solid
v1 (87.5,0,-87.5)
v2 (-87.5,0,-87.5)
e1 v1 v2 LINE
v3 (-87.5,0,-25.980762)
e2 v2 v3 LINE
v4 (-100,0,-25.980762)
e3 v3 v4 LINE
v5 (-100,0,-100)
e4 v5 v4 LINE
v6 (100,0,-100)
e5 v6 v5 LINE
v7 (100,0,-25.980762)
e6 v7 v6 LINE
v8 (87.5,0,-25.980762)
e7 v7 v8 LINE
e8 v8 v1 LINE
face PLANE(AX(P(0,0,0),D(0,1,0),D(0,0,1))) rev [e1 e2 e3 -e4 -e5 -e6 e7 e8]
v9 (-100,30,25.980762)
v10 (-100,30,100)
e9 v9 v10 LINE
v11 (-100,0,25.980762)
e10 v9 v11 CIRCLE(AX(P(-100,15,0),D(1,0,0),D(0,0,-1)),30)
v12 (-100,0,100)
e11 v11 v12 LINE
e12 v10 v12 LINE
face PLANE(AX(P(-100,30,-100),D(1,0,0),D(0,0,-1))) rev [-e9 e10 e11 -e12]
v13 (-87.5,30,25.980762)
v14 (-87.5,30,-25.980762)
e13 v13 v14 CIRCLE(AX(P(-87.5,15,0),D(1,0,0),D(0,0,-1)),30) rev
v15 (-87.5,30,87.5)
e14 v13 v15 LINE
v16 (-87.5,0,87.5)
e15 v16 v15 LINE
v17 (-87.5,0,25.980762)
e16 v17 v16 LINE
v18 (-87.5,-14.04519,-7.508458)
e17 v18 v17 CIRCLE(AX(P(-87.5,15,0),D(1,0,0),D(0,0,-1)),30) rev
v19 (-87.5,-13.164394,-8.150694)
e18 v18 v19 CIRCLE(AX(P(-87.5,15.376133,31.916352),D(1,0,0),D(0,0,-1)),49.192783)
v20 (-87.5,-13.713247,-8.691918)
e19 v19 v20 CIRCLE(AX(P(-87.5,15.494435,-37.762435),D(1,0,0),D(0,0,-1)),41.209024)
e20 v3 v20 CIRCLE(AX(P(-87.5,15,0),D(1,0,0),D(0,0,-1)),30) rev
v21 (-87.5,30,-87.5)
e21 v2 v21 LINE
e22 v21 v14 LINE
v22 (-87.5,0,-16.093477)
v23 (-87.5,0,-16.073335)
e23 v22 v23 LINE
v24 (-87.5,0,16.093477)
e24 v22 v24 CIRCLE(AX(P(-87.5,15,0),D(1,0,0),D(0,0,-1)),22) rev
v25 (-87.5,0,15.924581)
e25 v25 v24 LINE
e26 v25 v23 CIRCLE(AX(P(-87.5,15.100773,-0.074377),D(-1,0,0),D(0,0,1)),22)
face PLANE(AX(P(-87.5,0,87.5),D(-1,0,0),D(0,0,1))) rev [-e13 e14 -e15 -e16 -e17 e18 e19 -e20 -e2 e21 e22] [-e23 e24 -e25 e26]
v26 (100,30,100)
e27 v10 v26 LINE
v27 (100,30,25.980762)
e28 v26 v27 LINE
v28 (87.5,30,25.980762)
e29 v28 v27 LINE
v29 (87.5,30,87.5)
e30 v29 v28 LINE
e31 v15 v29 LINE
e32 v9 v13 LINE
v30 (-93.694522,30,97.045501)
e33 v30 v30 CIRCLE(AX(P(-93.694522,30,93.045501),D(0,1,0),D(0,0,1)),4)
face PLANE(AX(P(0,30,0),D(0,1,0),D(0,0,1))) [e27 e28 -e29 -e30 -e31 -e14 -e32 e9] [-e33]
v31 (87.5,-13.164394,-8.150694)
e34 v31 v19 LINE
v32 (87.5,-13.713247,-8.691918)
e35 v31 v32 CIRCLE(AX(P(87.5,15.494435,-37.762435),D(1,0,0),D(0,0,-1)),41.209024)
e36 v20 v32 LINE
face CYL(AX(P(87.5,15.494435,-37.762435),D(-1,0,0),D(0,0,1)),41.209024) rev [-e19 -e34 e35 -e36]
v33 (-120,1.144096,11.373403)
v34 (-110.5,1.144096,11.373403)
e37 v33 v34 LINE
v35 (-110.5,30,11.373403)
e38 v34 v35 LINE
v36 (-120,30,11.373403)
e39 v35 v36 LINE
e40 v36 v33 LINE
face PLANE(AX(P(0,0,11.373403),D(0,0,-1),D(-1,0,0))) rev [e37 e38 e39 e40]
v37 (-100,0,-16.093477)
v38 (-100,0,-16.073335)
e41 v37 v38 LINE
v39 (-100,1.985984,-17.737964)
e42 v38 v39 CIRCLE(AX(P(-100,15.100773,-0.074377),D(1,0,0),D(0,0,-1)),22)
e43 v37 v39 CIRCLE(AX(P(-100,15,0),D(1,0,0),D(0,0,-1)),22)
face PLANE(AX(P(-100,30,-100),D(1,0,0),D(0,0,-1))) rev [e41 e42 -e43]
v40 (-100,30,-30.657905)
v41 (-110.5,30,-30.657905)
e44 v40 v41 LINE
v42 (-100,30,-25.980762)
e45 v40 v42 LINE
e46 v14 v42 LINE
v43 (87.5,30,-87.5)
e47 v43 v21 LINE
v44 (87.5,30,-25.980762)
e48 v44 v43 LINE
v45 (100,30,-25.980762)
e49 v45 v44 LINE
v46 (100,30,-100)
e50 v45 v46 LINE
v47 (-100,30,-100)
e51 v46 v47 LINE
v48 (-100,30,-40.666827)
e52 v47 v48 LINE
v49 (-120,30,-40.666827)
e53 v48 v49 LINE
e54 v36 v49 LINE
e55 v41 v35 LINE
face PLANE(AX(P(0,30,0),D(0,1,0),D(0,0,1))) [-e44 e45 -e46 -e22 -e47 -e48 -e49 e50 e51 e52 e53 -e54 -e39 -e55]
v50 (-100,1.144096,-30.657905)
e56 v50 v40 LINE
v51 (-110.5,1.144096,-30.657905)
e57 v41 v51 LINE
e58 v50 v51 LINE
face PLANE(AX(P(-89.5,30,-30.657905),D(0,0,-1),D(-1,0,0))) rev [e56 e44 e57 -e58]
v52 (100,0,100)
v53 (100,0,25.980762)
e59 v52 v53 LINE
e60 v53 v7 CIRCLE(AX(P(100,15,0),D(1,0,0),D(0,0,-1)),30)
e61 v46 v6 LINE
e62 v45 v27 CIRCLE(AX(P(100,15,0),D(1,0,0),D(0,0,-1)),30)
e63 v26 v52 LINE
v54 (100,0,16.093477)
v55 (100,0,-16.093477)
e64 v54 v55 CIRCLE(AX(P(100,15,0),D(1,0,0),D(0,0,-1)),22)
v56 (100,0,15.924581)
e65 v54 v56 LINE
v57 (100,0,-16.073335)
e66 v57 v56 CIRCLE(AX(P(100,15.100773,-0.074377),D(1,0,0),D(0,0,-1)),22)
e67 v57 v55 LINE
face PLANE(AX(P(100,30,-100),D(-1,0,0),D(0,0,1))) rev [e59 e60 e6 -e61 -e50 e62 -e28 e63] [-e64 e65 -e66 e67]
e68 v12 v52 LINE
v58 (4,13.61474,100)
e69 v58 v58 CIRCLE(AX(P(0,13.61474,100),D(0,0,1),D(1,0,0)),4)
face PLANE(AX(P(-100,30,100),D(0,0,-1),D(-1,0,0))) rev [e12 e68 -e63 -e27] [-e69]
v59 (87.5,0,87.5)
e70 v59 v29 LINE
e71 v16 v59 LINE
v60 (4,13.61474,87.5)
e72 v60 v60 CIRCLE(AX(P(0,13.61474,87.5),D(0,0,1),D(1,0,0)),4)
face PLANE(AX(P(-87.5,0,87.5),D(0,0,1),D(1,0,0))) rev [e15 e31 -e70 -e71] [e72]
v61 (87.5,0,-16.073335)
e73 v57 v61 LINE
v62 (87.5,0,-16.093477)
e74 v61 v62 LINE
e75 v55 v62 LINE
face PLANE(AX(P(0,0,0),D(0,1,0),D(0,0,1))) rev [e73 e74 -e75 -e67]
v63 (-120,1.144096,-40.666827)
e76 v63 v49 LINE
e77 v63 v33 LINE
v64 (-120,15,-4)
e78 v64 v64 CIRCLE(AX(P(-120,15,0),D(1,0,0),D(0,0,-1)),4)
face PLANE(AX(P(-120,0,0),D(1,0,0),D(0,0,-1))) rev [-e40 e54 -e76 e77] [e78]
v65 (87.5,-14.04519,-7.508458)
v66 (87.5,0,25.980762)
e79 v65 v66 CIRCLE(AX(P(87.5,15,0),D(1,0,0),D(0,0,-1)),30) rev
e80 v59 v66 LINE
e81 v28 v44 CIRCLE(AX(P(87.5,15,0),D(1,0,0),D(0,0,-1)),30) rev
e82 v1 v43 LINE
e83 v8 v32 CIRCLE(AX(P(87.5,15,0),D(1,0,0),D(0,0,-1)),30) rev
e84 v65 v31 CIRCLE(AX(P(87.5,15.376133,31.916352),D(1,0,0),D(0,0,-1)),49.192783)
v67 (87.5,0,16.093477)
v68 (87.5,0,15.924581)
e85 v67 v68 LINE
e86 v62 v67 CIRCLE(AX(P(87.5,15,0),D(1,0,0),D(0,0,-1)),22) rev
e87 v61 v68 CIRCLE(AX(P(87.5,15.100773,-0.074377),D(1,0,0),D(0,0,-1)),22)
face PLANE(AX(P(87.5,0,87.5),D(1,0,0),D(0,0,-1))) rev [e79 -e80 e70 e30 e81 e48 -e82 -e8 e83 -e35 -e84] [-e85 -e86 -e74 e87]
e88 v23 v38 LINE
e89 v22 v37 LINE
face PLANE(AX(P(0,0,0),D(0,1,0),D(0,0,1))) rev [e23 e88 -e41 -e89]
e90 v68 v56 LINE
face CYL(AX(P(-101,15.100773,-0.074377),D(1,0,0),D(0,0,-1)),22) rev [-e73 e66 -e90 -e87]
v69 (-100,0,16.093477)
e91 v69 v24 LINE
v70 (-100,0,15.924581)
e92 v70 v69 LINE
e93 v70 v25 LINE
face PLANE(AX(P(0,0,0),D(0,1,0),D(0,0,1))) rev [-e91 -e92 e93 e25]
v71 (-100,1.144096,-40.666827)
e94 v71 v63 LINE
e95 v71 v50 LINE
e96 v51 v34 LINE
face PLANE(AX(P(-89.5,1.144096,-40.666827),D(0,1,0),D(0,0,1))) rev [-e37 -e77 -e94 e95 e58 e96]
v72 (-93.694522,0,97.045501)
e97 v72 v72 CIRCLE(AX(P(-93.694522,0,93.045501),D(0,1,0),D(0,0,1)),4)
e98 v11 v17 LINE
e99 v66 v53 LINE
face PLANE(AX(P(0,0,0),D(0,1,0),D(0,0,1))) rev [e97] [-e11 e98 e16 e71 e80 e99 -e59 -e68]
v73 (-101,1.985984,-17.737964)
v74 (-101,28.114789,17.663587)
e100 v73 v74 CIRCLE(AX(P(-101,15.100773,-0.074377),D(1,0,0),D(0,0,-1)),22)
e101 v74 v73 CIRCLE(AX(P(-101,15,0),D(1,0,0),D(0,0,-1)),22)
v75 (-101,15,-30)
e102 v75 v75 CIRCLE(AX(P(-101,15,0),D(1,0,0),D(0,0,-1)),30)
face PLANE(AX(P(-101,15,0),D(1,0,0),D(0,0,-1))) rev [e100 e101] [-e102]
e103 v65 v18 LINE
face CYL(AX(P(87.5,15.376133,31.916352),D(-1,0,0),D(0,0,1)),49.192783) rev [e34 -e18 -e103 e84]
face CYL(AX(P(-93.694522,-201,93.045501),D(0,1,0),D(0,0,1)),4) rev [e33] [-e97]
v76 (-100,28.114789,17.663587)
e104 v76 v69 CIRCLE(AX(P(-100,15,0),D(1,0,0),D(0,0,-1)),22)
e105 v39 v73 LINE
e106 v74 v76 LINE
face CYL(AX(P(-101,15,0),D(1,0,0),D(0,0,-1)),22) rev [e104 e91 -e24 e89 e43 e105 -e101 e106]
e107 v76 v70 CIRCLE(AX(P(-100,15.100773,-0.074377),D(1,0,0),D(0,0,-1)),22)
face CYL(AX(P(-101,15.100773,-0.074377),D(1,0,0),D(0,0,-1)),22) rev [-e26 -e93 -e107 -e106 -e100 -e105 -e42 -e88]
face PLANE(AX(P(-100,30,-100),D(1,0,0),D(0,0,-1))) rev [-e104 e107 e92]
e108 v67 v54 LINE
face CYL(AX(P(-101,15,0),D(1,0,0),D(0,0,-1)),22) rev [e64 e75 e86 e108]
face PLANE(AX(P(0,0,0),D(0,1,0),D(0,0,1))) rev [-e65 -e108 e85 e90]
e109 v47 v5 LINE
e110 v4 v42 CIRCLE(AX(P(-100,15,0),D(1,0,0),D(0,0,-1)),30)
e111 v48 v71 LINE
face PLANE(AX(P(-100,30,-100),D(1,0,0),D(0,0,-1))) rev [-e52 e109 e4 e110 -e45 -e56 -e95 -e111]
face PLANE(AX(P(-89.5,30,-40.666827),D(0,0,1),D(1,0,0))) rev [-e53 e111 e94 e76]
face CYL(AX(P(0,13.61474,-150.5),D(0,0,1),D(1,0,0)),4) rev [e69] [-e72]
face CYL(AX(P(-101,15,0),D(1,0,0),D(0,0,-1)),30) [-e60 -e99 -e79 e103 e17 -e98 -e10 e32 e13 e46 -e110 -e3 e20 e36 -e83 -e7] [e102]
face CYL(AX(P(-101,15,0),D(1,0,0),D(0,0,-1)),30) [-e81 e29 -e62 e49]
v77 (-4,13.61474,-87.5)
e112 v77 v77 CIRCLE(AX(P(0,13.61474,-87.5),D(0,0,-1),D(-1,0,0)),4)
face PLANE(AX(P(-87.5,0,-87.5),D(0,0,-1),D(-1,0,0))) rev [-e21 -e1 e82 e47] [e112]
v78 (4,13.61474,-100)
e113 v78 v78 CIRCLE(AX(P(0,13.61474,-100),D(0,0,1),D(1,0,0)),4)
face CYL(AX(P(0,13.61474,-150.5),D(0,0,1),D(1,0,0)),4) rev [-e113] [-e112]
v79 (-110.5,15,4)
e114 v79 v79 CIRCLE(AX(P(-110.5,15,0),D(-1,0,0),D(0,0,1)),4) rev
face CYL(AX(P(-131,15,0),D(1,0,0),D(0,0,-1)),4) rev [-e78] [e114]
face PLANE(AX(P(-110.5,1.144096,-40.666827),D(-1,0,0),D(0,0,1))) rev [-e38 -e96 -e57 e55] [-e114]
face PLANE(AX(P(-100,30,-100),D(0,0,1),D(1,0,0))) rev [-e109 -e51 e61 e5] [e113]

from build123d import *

# Parameters (mm, degrees)
SKETCH1_W           = 200
SKETCH1_H           = 200
BOSS_EXTRUDE1_DEPTH = 30
SKETCH4_W           = 175
SKETCH4_H           = 175
CUT_EXTRUDE1_DEPTH  = 30
SKETCH7_R           = 4
CUT_EXTRUDE2_DEPTH  = 210
SKETCH10_W          = 6.040230253
SKETCH10_H          = 30
BOSS_EXTRUDE2_DEPTH = 20
SKETCH11_W          = 10
SKETCH11_H          = 30
BOSS_EXTRUDE3_DEPTH = 20
CUT_EXTRUDE3_START  = -231
SKETCH12_R          = 4
CUT_EXTRUDE3_DEPTH  = 231
SKETCH13_R          = 4
CUT_EXTRUDE5_DEPTH  = 231
SKETCH14_R          = 4
CUT_EXTRUDE6_DEPTH  = 250.5
SKETCH15_R          = 30
SKETCH15_R_2        = 22
BOSS_EXTRUDE5_DEPTH = 201
SKETCH17_R          = 22
CUT_EXTRUDE7_DEPTH  = 201
SKETCH21_W          = 9.5
SKETCH21_H          = 28.855904386
BOSS_EXTRUDE6_DEPTH = 26
SKETCH22_W          = 9.5
SKETCH22_H          = 6.040230253
CUT_EXTRUDE10_DEPTH = 49
SKETCH23_W          = 10.008922512
SKETCH23_H          = 28.855904386
BOSS_EXTRUDE7_DEPTH = 21
SKETCH24_W          = 9.5
SKETCH24_H          = 1.144095614
CUT_EXTRUDE11_DEPTH = 27
SKETCH26_W          = 0.50137975
SKETCH26_H          = 20.893624798
CUT_EXTRUDE12_DEPTH = 35
SKETCH27_R          = 49.192783102
CUT_EXTRUDE13_DEPTH = 175
SKETCH28_R          = 41.209023923
CUT_EXTRUDE14_DEPTH = 175


with BuildPart() as part:
    # Sketch1 → Boss-Extrude1 (new body)
    with BuildSketch(Plane(origin=(0, 0, 0), x_dir=(1, 0, 0), z_dir=(0, 1, 0))):
        Rectangle(SKETCH1_W, SKETCH1_H)
    extrude(amount=BOSS_EXTRUDE1_DEPTH)

    # Sketch4 → Cut-Extrude1 (cut)
    with BuildSketch(Plane(origin=(0, 30, 0), x_dir=(1, 0, 0), z_dir=(0, 1, 0))):
        Rectangle(SKETCH4_W, SKETCH4_H)
    extrude(amount=-CUT_EXTRUDE1_DEPTH, mode=Mode.SUBTRACT)

    # Sketch7 → Cut-Extrude2 (cut)
    with BuildSketch(Plane.ZY.offset(100)):
        with Locations((0, 15)):
            Circle(SKETCH7_R)
    extrude(amount=-CUT_EXTRUDE2_DEPTH, mode=Mode.SUBTRACT)

    # Sketch10 → Boss-Extrude2 (add)
    with BuildSketch(Plane.ZY.offset(100)):
        with Locations((-11.64671233, 15)):
            Rectangle(SKETCH10_W, SKETCH10_H)
    extrude(amount=BOSS_EXTRUDE2_DEPTH)

    # Sketch11 → Boss-Extrude3 (add)
    with BuildSketch(Plane.XY.offset(-8.626597203)):
        with Locations((-115, 15)):
            Rectangle(SKETCH11_W, SKETCH11_H)
    extrude(amount=BOSS_EXTRUDE3_DEPTH)

    # Sketch12 → Cut-Extrude3 (cut)
    with BuildSketch(Plane(origin=(100, 0, 0), x_dir=(0, 0, -1), z_dir=(1, 0, 0)).offset(CUT_EXTRUDE3_START)):
        with Locations(Location((0, 15, 0), (0, 0, 180))):
            Circle(SKETCH12_R)
    extrude(amount=CUT_EXTRUDE3_DEPTH, mode=Mode.SUBTRACT)

    # Sketch13 → Cut-Extrude5 (cut)
    with BuildSketch(Plane(origin=(0, 30, 0), x_dir=(1, 0, 0), z_dir=(0, 1, 0))):
        with Locations(Location((-93.69452155, -93.045501349, 0), (0, 0, 270))):
            Circle(SKETCH13_R)
    extrude(amount=-CUT_EXTRUDE5_DEPTH, mode=Mode.SUBTRACT)

    # Sketch14 → Cut-Extrude6 (cut)
    with BuildSketch(Plane.XY.offset(100)):
        with Locations((0, 13.614739596)):
            Circle(SKETCH14_R)
    extrude(amount=-CUT_EXTRUDE6_DEPTH, mode=Mode.SUBTRACT)

    # Sketch15 → Boss-Extrude5 (add)
    with BuildSketch(Plane(origin=(100, 0, 0), x_dir=(0, 0, -1), z_dir=(1, 0, 0))):
        with Locations((0, 15)):
            Circle(SKETCH15_R)
        with Locations((0, 15)):
            Circle(SKETCH15_R_2, mode=Mode.SUBTRACT)
    extrude(amount=-BOSS_EXTRUDE5_DEPTH)

    # Sketch17 → Cut-Extrude7 (cut)
    with BuildSketch(Plane(origin=(100, 0, 0), x_dir=(0, 0, -1), z_dir=(1, 0, 0))):
        with Locations((0.074377339, 15.100772812)):
            Circle(SKETCH17_R)
    extrude(amount=-CUT_EXTRUDE7_DEPTH, mode=Mode.SUBTRACT)


with BuildPart() as cut_extrude7_piece_1:
    # of the separate pieces the step leaves, piece 1, a body of its own (cut_extrude7_pieces)
    add(part.part.solids().sort_by_distance((-100, 0, -100))[0])



with BuildPart() as cut_extrude7_piece_2:
    # of the separate pieces the step leaves, piece 2, a body of its own (cut_extrude7_pieces)
    add(part.part.solids().sort_by_distance((-101, 0, -14.666827456))[0])

    # Sketch21 → Boss-Extrude6 (add)
    with BuildSketch(Plane(origin=(0, 0, -14.666827456), x_dir=(-1, 0, 0), z_dir=(0, 0, -1))):
        with Locations((115.25, 15.572047807)):
            Rectangle(SKETCH21_W, SKETCH21_H)
    extrude(amount=BOSS_EXTRUDE6_DEPTH)

    # Sketch22 → Cut-Extrude10 (cut)
    with BuildSketch(Plane(origin=(0, 30, 0), x_dir=(1, 0, 0), z_dir=(0, 1, 0))):
        with Locations((-105.75, 11.64671233)):
            Rectangle(SKETCH22_W, SKETCH22_H)
    extrude(amount=-CUT_EXTRUDE10_DEPTH, mode=Mode.SUBTRACT)


with BuildPart() as cut_extrude7_piece_1_1:
    add(cut_extrude7_piece_1.part)

    add(cut_extrude7_piece_2.part)  # Boss-Extrude7 merges Cut-Extrude7 piece 2
    # Sketch23 → Boss-Extrude7 (add)
    with BuildSketch(Plane(origin=(-110.5, 0, 0), x_dir=(0, 0, -1), z_dir=(1, 0, 0))):
        with Locations((35.6623662, 15.572047807)):
            Rectangle(SKETCH23_W, SKETCH23_H)
    extrude(amount=BOSS_EXTRUDE7_DEPTH)

    # Sketch24 → Cut-Extrude11 (cut)
    with BuildSketch(Plane(origin=(0, 0, -14.666827456), x_dir=(-1, 0, 0), z_dir=(0, 0, -1))):
        with Locations((115.25, 0.572047807)):
            Rectangle(SKETCH24_W, SKETCH24_H)
    extrude(amount=-CUT_EXTRUDE11_DEPTH, mode=Mode.SUBTRACT)

    # Sketch26 → Cut-Extrude12 (cut)
    with BuildSketch(Plane.XZ):
        with Locations((-110.249310125, 1.820215196)):
            Rectangle(SKETCH26_W, SKETCH26_H)
    extrude(amount=-CUT_EXTRUDE12_DEPTH, mode=Mode.SUBTRACT)

    # Sketch27 → Cut-Extrude13 (cut)
    with BuildSketch(Plane(origin=(-87.5, 0, 0), x_dir=(0, 0, -1), z_dir=(1, 0, 0))):
        with Locations((-31.916352411, 15.376133278)):
            Circle(SKETCH27_R)
    extrude(amount=CUT_EXTRUDE13_DEPTH, mode=Mode.SUBTRACT)

    # Sketch28 → Cut-Extrude14 (cut)
    with BuildSketch(Plane(origin=(-87.5, 0, 0), x_dir=(0, 0, -1), z_dir=(1, 0, 0))):
        with Locations((37.762434774, 15.494435184)):
            Circle(SKETCH28_R)
    extrude(amount=CUT_EXTRUDE14_DEPTH, mode=Mode.SUBTRACT)


solid = cut_extrude7_piece_1_1.part
